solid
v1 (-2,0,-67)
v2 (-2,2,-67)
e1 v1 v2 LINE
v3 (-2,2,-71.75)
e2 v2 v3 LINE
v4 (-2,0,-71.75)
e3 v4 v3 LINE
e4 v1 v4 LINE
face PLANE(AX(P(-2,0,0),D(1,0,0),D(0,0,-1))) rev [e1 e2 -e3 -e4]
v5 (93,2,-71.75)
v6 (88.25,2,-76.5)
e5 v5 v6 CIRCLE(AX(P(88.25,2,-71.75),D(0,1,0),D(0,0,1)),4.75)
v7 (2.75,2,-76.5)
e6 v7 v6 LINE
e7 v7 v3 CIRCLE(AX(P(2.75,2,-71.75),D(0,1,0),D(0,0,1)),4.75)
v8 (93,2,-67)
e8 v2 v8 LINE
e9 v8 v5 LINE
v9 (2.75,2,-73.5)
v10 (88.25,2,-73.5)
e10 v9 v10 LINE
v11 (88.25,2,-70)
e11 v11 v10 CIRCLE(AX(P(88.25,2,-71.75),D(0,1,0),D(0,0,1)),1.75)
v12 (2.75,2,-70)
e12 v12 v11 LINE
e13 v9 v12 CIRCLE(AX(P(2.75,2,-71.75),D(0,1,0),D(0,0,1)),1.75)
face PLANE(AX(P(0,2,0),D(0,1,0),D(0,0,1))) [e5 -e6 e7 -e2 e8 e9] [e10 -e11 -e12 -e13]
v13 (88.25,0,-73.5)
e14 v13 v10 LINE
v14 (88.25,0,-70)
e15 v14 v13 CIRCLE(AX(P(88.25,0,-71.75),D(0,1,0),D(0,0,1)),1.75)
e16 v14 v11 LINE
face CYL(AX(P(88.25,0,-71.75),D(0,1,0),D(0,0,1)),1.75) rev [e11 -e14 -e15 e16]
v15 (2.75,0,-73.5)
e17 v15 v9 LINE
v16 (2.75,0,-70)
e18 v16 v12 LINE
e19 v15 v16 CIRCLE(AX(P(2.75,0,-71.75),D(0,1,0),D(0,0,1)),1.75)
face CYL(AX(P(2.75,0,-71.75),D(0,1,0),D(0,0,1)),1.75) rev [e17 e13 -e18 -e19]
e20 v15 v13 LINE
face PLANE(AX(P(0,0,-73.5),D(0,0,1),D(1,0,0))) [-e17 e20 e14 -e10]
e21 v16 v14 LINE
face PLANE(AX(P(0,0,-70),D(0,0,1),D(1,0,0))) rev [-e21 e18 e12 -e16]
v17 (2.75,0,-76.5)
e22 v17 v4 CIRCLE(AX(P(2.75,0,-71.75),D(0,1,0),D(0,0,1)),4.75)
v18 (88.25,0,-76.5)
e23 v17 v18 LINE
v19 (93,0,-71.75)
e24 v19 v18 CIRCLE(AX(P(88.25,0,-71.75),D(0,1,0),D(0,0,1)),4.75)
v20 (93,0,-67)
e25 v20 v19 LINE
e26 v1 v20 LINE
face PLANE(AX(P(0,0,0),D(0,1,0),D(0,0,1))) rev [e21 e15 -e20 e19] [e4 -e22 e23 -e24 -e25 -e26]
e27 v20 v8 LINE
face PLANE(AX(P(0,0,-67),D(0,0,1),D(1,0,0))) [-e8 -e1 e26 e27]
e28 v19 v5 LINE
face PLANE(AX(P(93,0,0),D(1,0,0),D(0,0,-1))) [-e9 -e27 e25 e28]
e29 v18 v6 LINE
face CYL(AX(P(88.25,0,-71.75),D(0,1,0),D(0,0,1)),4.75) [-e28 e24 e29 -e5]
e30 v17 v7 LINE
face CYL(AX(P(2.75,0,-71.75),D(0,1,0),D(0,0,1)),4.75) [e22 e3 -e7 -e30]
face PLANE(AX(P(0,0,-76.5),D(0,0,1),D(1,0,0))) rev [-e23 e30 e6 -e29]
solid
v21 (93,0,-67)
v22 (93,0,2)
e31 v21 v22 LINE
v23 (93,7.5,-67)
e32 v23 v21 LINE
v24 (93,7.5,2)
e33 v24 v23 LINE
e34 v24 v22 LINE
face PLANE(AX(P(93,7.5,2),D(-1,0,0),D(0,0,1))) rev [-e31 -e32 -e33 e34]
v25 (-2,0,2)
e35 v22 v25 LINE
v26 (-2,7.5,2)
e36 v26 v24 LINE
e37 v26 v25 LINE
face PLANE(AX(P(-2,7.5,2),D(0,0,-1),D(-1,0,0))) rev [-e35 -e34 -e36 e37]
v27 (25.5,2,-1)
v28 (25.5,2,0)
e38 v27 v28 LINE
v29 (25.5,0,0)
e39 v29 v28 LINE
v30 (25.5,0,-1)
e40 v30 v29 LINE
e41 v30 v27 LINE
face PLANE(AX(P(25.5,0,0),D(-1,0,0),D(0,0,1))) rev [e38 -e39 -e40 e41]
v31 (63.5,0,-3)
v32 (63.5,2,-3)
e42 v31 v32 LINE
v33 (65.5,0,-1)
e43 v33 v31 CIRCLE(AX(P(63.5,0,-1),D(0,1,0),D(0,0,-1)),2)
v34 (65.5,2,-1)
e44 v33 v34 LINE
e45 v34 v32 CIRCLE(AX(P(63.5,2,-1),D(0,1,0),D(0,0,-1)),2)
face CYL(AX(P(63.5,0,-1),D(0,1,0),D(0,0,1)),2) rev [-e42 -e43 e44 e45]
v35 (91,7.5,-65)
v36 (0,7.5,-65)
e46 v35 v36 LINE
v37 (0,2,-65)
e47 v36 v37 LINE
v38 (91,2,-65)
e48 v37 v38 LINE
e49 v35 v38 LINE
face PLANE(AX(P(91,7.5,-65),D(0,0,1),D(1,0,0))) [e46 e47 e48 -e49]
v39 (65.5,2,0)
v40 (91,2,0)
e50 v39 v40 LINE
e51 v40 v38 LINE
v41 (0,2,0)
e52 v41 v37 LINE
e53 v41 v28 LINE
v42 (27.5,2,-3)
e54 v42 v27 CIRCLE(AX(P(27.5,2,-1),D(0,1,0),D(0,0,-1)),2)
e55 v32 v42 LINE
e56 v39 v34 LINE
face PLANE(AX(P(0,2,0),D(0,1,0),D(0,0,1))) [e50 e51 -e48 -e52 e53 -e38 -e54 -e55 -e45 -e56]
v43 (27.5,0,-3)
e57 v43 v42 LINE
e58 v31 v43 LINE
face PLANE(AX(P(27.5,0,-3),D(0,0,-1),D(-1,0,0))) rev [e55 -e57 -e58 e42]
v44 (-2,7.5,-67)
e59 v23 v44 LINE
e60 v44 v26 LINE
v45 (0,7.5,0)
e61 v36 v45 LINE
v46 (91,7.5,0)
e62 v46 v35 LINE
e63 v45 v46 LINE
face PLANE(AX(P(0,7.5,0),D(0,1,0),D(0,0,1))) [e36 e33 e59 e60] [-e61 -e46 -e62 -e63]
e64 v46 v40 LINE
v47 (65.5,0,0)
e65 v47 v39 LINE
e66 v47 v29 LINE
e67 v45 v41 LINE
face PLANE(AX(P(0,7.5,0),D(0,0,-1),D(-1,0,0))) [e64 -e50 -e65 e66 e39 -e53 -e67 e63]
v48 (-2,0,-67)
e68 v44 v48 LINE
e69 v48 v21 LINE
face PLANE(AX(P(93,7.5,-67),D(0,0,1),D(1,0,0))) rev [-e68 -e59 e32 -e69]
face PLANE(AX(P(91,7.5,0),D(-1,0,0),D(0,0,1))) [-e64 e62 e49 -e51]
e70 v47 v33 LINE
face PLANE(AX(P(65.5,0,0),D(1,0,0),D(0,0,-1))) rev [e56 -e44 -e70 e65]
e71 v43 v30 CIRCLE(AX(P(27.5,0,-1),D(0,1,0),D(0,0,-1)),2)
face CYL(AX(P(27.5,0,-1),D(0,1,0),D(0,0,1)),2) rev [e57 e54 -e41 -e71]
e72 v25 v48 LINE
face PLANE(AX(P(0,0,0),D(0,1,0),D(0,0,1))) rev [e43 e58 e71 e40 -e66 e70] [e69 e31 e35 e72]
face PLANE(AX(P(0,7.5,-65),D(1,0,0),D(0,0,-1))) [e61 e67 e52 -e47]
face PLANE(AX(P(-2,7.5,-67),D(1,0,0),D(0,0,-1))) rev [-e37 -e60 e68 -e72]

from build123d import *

# Parameters (mm, degrees)
CROQUIS2_W                   = 91
CROQUIS2_H                   = 65
SALIENTE_EXTRUIR1_DEPTH      = 2
CROQUIS3_W                   = 95
CROQUIS3_H                   = 69
CROQUIS3_W_2                 = 91
CROQUIS3_H_2                 = 65
SALIENTE_EXTRUIR2_DEPTH      = 5.5
SALIENTE_EXTRUIR3_DEPTH      = 2
CORTAR_EXTRUIR1_DEPTH        = 121.54667146
SALIENTE_EXTRUIR4_DEPTH      = 5.5
SALIENTE_EXTRUIR4_DEPTH_BACK = 2
CROQUIS3_2_W                 = 95
CROQUIS3_2_H                 = 69
CROQUIS3_2_W_2               = 91
CROQUIS3_2_H_2               = 65


with BuildPart() as part:
    # Croquis2 → Saliente-Extruir1 (new body)
    with BuildSketch(Plane(origin=(0, 0, 0), x_dir=(1, 0, 0), z_dir=(0, 1, 0))):
        with Locations((45.5, 32.5)):
            Rectangle(CROQUIS2_W, CROQUIS2_H)
    extrude(amount=SALIENTE_EXTRUIR1_DEPTH)

    # Croquis6 → Cortar-Extruir1 (cut, through all)
    with BuildSketch(Plane(origin=(0, 2, 0), x_dir=(1, 0, 0), z_dir=(0, 1, 0))):
        with BuildLine():
            Line((25.5, 0), (65.5, 0))
            Line((65.5, 0), (65.5, 1))
            ThreePointArc((65.5, 1), (64.914213562, 2.414213562), (63.5, 3))
            Line((63.5, 3), (27.5, 3))
            ThreePointArc((27.5, 3), (26.085786438, 2.414213562), (25.5, 1))
            Line((25.5, 1), (25.5, 0))
        make_face()
    extrude(amount=-CORTAR_EXTRUIR1_DEPTH, mode=Mode.SUBTRACT)


with BuildPart() as body_2:
    # Croquis3 → Saliente-Extruir2 (new body)
    with BuildSketch(Plane(origin=(0, 2, 0), x_dir=(1, 0, 0), z_dir=(0, 1, 0))):
        with Locations((45.5, 32.5)):
            Rectangle(CROQUIS3_W, CROQUIS3_H)
        with Locations((45.5, 32.5)):
            Rectangle(CROQUIS3_W_2, CROQUIS3_H_2, mode=Mode.SUBTRACT)
    extrude(amount=SALIENTE_EXTRUIR2_DEPTH)


    add(part.part)  # Saliente-Extruir4 merges part
    # Croquis3<2> → Saliente-Extruir4 (add, two sides: drawn at the far end of the back side and taken through both)
    with BuildSketch(Plane(origin=(0, 2, 0), x_dir=(1, 0, 0), z_dir=(0, 1, 0)).offset(-SALIENTE_EXTRUIR4_DEPTH_BACK)):
        with Locations((45.5, 32.5)):
            Rectangle(CROQUIS3_2_W, CROQUIS3_2_H)
        with Locations((45.5, 32.5)):
            Rectangle(CROQUIS3_2_W_2, CROQUIS3_2_H_2, mode=Mode.SUBTRACT)
    extrude(amount=SALIENTE_EXTRUIR4_DEPTH + SALIENTE_EXTRUIR4_DEPTH_BACK)


with BuildPart() as body_3:
    # Croquis5 → Saliente-Extruir3 (new body)
    with BuildSketch(Plane(origin=(0, 2, 0), x_dir=(1, 0, 0), z_dir=(0, 1, 0))):
        with BuildLine():
            Line((88.25, 76.5), (2.75, 76.5))
            ThreePointArc((2.75, 76.5), (-0.608757211, 75.108757211), (-2, 71.75))
            Line((-2, 71.75), (-2, 67))
            Line((-2, 67), (93, 67))
            Line((93, 67), (93, 71.75))
            ThreePointArc((93, 71.75), (91.608757211, 75.108757211), (88.25, 76.5))
        make_face()
        with BuildLine():
            ThreePointArc((2.75, 70), (1, 71.75), (2.75, 73.5))
            Line((2.75, 73.5), (88.25, 73.5))
            ThreePointArc((88.25, 73.5), (90, 71.75), (88.25, 70))
            Line((88.25, 70), (2.75, 70))
        make_face(mode=Mode.SUBTRACT)
    extrude(amount=-SALIENTE_EXTRUIR3_DEPTH)


solid = Compound([body_2.part, body_3.part])
